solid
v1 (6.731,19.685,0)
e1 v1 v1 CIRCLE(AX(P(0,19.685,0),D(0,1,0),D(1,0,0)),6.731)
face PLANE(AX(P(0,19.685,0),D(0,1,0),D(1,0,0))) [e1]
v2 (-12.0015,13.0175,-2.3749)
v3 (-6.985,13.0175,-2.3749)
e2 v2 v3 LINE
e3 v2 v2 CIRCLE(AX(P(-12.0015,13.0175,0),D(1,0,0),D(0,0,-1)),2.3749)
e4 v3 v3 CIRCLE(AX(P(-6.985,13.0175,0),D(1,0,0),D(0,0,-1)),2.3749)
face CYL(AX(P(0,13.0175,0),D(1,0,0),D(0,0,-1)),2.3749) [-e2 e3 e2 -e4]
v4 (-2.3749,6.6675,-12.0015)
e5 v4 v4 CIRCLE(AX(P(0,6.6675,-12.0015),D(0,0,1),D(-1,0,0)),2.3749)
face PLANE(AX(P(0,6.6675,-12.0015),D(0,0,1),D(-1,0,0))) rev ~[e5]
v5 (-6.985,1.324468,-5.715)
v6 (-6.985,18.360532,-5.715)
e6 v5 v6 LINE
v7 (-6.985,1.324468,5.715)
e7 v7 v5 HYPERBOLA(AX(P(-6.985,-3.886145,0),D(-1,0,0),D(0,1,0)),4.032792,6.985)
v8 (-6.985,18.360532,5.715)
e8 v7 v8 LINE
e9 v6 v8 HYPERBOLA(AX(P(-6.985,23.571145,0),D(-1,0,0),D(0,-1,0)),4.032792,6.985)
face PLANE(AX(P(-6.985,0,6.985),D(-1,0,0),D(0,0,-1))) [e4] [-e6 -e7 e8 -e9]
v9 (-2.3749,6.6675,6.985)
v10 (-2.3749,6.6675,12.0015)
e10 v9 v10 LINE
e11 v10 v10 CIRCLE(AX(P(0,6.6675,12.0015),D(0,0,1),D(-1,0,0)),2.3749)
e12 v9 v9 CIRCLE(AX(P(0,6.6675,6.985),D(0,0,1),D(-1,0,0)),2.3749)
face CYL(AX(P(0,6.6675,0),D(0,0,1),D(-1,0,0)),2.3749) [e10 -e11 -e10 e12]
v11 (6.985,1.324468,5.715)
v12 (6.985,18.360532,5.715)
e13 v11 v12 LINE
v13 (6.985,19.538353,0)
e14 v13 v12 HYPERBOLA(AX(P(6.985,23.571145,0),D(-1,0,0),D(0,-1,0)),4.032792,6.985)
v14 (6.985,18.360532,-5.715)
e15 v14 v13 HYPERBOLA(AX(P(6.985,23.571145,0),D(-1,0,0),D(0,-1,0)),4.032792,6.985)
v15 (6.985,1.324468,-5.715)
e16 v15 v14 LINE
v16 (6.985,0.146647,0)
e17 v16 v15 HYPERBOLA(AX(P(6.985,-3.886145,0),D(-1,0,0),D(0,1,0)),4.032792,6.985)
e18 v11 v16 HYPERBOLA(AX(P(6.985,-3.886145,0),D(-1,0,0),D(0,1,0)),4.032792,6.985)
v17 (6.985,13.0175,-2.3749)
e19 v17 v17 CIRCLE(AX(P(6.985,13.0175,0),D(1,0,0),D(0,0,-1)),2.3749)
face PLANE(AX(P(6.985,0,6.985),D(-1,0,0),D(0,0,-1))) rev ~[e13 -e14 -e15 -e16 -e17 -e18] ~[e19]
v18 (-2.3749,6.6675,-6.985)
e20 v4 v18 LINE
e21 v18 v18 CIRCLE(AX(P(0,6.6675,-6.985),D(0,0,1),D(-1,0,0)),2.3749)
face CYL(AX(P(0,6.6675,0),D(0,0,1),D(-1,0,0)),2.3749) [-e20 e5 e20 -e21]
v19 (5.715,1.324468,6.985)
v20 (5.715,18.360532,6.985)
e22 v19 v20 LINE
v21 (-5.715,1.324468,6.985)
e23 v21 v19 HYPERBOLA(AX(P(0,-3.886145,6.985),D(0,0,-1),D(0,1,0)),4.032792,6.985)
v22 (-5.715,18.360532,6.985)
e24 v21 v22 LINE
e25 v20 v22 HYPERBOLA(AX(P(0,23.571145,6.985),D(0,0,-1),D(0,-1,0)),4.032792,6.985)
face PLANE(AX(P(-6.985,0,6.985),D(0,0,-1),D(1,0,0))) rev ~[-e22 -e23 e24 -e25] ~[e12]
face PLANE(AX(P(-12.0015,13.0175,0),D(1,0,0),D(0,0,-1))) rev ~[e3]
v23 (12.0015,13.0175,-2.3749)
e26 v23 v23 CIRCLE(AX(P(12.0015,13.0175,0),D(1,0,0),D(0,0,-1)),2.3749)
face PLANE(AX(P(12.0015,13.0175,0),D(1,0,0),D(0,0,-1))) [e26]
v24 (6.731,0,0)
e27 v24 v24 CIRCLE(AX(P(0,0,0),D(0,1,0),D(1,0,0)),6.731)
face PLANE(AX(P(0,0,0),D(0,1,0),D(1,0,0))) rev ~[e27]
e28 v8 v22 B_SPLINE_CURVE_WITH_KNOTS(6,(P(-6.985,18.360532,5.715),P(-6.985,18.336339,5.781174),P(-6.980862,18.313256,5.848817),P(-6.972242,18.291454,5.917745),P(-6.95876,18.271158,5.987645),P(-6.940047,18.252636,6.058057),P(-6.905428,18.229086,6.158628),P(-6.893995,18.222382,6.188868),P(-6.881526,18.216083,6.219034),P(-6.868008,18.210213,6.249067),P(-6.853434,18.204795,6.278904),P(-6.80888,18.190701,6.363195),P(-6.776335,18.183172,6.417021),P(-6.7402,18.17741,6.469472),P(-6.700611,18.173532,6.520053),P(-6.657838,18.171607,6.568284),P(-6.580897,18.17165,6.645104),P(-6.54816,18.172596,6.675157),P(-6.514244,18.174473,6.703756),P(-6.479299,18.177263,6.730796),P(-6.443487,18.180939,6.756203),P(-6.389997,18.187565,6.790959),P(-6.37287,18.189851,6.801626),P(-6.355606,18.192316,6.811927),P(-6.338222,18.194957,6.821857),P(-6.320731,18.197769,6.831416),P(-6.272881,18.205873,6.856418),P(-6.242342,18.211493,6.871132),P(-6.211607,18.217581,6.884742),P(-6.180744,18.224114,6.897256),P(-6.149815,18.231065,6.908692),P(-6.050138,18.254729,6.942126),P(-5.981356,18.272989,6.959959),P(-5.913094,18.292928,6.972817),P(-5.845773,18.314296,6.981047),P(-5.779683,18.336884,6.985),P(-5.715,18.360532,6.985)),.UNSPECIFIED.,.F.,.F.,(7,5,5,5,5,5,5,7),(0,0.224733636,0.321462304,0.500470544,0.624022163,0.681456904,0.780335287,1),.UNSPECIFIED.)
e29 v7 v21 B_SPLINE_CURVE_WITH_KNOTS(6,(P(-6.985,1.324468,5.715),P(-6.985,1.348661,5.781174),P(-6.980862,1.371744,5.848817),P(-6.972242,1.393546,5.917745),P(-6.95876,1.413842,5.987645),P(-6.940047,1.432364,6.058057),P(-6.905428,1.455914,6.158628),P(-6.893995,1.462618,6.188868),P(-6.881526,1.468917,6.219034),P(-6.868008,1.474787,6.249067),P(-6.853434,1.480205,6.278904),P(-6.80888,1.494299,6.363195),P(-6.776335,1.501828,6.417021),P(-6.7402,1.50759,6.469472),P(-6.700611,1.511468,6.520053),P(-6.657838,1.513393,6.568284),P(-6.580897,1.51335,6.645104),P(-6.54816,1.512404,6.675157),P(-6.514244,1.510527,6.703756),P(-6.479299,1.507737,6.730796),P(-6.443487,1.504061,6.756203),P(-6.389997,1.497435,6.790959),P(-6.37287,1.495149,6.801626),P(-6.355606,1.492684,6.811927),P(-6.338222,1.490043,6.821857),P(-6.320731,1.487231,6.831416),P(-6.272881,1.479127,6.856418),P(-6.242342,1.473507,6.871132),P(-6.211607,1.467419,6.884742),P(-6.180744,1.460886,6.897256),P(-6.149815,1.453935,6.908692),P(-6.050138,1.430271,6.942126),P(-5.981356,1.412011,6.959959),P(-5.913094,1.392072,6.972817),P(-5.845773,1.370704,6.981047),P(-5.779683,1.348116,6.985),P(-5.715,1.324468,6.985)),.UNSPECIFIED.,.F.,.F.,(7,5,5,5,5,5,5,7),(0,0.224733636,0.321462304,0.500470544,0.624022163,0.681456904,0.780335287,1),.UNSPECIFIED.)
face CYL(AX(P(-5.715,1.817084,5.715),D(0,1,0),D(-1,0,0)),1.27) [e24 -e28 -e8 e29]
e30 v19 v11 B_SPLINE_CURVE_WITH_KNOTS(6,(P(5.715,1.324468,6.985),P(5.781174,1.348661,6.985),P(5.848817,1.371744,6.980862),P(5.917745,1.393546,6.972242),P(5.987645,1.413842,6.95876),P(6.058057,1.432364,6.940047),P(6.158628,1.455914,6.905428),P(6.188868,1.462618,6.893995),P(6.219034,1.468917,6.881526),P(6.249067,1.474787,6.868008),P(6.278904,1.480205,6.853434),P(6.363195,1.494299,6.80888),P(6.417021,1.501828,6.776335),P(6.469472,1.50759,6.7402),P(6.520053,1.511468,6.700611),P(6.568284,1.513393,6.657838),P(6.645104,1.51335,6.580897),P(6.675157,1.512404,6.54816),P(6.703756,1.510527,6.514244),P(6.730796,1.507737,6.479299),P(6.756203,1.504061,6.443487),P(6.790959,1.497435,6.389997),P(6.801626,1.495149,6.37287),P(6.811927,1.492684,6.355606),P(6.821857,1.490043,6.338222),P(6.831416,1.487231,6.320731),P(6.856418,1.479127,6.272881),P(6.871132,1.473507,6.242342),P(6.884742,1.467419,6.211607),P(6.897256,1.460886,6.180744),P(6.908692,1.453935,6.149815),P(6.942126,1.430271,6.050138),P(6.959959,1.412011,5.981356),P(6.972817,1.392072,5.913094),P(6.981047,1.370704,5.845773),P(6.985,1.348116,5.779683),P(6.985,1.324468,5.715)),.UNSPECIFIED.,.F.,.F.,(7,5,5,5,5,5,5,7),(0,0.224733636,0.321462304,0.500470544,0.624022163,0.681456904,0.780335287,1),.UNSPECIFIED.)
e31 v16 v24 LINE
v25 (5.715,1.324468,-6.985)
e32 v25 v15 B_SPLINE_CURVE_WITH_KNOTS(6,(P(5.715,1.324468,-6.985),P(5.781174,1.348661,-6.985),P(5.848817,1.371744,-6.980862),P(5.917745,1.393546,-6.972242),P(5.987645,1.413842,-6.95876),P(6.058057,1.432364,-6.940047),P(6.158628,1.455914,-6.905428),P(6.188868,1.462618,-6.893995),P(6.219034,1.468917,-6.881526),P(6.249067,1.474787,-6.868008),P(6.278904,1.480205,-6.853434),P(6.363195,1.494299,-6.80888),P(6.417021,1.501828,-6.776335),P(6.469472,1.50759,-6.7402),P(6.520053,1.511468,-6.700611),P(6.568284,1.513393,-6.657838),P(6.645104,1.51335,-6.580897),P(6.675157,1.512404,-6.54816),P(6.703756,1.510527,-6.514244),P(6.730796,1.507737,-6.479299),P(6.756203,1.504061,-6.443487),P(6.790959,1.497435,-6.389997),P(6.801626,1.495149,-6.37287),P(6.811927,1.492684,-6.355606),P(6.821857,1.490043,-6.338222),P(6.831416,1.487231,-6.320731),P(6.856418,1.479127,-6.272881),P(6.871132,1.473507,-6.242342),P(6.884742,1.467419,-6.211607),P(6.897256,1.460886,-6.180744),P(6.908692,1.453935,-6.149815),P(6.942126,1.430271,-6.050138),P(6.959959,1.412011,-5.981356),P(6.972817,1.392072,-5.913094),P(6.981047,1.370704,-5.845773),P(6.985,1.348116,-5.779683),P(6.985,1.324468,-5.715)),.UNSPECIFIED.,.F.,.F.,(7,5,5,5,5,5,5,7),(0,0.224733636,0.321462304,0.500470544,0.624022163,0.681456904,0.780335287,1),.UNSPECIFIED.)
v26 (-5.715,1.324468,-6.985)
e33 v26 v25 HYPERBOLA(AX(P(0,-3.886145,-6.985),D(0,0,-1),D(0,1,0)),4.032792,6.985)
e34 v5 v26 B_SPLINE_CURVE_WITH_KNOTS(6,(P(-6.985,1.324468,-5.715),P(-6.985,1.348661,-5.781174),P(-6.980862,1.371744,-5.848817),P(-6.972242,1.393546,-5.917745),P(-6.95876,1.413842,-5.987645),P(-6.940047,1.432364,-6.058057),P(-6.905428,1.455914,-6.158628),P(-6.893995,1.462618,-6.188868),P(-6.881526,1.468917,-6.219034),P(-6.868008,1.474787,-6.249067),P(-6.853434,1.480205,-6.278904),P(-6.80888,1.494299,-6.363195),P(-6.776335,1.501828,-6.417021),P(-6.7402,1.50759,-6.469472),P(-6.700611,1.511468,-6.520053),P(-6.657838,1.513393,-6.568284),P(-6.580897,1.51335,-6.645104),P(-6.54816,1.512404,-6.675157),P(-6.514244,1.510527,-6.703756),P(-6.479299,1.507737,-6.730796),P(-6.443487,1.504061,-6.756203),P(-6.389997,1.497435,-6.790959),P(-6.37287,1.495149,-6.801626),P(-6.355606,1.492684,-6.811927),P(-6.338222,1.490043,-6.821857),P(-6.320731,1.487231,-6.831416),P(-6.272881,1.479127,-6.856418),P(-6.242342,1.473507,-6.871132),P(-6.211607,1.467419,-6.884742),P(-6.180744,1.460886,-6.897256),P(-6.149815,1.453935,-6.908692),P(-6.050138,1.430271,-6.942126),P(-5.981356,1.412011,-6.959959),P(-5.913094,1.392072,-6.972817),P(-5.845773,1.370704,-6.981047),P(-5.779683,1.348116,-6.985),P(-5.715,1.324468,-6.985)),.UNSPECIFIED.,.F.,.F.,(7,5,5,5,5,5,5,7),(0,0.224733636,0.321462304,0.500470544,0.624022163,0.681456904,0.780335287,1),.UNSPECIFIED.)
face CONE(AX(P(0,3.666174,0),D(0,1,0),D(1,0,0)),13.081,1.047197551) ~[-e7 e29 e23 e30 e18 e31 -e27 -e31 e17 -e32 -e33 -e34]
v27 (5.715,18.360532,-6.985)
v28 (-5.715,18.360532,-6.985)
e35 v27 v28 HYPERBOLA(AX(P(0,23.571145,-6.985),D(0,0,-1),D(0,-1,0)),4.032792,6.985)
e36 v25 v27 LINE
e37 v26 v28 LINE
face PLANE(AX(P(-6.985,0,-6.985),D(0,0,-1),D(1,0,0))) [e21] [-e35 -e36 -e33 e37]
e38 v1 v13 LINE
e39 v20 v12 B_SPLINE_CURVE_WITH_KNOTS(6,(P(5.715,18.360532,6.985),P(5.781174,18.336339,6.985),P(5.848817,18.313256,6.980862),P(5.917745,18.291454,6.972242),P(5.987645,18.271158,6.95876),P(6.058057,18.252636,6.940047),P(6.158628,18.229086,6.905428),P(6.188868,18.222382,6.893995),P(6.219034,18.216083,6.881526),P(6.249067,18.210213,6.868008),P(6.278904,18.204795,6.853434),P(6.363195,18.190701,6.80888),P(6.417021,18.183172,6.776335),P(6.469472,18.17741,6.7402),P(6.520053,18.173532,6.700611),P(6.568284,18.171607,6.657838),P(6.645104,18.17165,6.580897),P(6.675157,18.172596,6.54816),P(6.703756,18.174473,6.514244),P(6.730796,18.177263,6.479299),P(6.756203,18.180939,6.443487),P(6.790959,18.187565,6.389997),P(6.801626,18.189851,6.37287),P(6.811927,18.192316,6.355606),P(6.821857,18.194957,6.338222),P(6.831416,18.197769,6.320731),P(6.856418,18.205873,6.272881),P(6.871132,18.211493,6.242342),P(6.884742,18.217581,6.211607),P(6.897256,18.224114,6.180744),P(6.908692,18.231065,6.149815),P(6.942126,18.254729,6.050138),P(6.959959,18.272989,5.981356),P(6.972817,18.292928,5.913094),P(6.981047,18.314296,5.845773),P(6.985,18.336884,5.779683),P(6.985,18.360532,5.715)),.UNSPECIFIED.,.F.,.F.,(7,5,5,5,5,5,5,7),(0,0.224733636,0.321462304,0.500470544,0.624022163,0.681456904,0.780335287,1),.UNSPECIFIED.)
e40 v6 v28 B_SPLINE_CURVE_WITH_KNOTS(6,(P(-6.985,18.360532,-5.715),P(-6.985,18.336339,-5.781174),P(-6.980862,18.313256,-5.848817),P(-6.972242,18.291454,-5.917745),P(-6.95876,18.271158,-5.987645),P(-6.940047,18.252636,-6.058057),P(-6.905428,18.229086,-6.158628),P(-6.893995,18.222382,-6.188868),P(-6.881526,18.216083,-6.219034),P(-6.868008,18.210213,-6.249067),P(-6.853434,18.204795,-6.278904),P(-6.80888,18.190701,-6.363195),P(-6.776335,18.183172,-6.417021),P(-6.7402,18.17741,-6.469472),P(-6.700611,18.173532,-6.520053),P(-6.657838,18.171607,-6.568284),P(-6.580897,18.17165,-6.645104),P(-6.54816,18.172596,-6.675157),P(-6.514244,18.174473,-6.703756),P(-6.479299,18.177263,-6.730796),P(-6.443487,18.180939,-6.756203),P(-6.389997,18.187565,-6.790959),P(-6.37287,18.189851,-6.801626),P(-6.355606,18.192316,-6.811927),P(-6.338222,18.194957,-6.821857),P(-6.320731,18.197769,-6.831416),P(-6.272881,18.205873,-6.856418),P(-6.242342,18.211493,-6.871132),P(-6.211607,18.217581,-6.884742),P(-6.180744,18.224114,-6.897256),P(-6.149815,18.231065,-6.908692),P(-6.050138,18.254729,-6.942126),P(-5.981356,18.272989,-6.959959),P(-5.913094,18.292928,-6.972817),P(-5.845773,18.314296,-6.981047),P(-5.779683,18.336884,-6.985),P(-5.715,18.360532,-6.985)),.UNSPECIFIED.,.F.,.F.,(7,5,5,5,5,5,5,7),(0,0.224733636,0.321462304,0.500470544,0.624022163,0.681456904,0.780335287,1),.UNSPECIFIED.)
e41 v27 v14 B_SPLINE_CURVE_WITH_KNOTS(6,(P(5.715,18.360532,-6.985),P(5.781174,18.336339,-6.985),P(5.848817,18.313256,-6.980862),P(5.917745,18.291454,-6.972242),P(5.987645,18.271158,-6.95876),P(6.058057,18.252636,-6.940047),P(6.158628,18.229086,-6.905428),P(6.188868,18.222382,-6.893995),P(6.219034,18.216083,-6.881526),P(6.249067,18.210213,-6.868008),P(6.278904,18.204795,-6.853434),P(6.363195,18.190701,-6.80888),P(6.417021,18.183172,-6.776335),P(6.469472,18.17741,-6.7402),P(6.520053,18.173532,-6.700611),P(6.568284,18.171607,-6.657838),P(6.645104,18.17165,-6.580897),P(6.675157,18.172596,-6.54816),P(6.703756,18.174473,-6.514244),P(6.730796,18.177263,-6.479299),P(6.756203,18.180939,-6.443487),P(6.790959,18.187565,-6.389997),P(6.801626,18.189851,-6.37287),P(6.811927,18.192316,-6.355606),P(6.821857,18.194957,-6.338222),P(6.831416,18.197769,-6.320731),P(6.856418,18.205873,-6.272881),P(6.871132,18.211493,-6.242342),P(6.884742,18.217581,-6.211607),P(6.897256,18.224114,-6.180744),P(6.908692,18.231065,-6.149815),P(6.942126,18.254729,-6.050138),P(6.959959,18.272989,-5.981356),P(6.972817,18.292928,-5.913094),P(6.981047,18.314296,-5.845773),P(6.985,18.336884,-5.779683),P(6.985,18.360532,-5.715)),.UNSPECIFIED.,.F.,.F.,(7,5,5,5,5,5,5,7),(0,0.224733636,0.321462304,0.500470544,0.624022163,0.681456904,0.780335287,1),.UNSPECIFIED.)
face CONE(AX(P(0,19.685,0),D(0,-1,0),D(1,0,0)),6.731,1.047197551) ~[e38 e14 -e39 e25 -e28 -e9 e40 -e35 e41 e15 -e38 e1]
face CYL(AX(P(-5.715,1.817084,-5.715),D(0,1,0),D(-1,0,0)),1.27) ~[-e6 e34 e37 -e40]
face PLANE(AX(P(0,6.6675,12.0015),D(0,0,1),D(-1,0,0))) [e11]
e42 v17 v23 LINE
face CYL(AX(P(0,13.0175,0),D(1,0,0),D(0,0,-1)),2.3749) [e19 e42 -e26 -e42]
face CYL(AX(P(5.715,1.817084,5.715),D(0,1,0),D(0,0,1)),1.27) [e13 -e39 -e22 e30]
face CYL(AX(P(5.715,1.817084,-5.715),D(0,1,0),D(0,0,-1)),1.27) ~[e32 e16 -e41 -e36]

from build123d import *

# Parameters (mm, degrees)
INTERMEDIATE_BODY_SK_W  = 13.97
INTERMEDIATE_BODY_SK_H  = 13.97
INTERMEDIATE_BODY_DEPTH = 19.685
PIN1_R                  = 2.3749
PIN_EXTRUDE1_DEPTH      = 12.0015
PIN2_R                  = 2.3749
PIN_EXTRUDE2_DEPTH      = 12.0015
FILLET1_R               = 1.27


with BuildPart() as part:
    # Intermediate_Body-Sk → Intermediate_Body (new body)
    with BuildSketch(Plane(origin=(0, 0, 0), x_dir=(1, 0, 0), z_dir=(0, 1, 0))):
        Rectangle(INTERMEDIATE_BODY_SK_W, INTERMEDIATE_BODY_SK_H)
    extrude(amount=INTERMEDIATE_BODY_DEPTH)

    # Rev-CutSk → Cut-Revolve2 (revolve, cut)
    with BuildSketch(Plane.XY, mode=Mode.PRIVATE) as cut_revolve2_sk:
        Polygon((-6.731, 19.685), (-13.081, 16.018825791), (-13.081, 3.666174209), (-6.731, 0), (-15.621, 0), (-15.621, 19.685), align=None)
    revolve(cut_revolve2_sk.sketch.rotate(Axis((0, 0, 0), (0, 1, 0)), 180), axis=Axis((0, 0, 0), (0, 1, 0)), mode=Mode.SUBTRACT)

    # Pin1 → Pin-Extrude1 (add, symmetric)
    with BuildSketch(Plane.XY):
        with Locations(Location((0, 6.6675, 0), (0, 0, 180))):
            Circle(PIN1_R)
    extrude(amount=PIN_EXTRUDE1_DEPTH, both=True)

    # Pin2 → Pin-Extrude2 (add, symmetric)
    with BuildSketch(Plane(origin=(0, 0, 0), x_dir=(0, 0, -1), z_dir=(1, 0, 0))):
        with Locations((0, 13.0175)):
            Circle(PIN2_R)
    extrude(amount=PIN_EXTRUDE2_DEPTH, both=True)

    # Fillet1
    fillet1_edges = [part.edges().sort_by_distance(p)[0] for p in [
        (6.985, 9.8425, -6.985),
        (-6.985, 9.8425, -6.985),
        (-6.985, 9.8425, 6.985),
        (6.985, 9.8425, 6.985),
    ]]
    fillet(fillet1_edges, radius=FILLET1_R)


solid = part.part
